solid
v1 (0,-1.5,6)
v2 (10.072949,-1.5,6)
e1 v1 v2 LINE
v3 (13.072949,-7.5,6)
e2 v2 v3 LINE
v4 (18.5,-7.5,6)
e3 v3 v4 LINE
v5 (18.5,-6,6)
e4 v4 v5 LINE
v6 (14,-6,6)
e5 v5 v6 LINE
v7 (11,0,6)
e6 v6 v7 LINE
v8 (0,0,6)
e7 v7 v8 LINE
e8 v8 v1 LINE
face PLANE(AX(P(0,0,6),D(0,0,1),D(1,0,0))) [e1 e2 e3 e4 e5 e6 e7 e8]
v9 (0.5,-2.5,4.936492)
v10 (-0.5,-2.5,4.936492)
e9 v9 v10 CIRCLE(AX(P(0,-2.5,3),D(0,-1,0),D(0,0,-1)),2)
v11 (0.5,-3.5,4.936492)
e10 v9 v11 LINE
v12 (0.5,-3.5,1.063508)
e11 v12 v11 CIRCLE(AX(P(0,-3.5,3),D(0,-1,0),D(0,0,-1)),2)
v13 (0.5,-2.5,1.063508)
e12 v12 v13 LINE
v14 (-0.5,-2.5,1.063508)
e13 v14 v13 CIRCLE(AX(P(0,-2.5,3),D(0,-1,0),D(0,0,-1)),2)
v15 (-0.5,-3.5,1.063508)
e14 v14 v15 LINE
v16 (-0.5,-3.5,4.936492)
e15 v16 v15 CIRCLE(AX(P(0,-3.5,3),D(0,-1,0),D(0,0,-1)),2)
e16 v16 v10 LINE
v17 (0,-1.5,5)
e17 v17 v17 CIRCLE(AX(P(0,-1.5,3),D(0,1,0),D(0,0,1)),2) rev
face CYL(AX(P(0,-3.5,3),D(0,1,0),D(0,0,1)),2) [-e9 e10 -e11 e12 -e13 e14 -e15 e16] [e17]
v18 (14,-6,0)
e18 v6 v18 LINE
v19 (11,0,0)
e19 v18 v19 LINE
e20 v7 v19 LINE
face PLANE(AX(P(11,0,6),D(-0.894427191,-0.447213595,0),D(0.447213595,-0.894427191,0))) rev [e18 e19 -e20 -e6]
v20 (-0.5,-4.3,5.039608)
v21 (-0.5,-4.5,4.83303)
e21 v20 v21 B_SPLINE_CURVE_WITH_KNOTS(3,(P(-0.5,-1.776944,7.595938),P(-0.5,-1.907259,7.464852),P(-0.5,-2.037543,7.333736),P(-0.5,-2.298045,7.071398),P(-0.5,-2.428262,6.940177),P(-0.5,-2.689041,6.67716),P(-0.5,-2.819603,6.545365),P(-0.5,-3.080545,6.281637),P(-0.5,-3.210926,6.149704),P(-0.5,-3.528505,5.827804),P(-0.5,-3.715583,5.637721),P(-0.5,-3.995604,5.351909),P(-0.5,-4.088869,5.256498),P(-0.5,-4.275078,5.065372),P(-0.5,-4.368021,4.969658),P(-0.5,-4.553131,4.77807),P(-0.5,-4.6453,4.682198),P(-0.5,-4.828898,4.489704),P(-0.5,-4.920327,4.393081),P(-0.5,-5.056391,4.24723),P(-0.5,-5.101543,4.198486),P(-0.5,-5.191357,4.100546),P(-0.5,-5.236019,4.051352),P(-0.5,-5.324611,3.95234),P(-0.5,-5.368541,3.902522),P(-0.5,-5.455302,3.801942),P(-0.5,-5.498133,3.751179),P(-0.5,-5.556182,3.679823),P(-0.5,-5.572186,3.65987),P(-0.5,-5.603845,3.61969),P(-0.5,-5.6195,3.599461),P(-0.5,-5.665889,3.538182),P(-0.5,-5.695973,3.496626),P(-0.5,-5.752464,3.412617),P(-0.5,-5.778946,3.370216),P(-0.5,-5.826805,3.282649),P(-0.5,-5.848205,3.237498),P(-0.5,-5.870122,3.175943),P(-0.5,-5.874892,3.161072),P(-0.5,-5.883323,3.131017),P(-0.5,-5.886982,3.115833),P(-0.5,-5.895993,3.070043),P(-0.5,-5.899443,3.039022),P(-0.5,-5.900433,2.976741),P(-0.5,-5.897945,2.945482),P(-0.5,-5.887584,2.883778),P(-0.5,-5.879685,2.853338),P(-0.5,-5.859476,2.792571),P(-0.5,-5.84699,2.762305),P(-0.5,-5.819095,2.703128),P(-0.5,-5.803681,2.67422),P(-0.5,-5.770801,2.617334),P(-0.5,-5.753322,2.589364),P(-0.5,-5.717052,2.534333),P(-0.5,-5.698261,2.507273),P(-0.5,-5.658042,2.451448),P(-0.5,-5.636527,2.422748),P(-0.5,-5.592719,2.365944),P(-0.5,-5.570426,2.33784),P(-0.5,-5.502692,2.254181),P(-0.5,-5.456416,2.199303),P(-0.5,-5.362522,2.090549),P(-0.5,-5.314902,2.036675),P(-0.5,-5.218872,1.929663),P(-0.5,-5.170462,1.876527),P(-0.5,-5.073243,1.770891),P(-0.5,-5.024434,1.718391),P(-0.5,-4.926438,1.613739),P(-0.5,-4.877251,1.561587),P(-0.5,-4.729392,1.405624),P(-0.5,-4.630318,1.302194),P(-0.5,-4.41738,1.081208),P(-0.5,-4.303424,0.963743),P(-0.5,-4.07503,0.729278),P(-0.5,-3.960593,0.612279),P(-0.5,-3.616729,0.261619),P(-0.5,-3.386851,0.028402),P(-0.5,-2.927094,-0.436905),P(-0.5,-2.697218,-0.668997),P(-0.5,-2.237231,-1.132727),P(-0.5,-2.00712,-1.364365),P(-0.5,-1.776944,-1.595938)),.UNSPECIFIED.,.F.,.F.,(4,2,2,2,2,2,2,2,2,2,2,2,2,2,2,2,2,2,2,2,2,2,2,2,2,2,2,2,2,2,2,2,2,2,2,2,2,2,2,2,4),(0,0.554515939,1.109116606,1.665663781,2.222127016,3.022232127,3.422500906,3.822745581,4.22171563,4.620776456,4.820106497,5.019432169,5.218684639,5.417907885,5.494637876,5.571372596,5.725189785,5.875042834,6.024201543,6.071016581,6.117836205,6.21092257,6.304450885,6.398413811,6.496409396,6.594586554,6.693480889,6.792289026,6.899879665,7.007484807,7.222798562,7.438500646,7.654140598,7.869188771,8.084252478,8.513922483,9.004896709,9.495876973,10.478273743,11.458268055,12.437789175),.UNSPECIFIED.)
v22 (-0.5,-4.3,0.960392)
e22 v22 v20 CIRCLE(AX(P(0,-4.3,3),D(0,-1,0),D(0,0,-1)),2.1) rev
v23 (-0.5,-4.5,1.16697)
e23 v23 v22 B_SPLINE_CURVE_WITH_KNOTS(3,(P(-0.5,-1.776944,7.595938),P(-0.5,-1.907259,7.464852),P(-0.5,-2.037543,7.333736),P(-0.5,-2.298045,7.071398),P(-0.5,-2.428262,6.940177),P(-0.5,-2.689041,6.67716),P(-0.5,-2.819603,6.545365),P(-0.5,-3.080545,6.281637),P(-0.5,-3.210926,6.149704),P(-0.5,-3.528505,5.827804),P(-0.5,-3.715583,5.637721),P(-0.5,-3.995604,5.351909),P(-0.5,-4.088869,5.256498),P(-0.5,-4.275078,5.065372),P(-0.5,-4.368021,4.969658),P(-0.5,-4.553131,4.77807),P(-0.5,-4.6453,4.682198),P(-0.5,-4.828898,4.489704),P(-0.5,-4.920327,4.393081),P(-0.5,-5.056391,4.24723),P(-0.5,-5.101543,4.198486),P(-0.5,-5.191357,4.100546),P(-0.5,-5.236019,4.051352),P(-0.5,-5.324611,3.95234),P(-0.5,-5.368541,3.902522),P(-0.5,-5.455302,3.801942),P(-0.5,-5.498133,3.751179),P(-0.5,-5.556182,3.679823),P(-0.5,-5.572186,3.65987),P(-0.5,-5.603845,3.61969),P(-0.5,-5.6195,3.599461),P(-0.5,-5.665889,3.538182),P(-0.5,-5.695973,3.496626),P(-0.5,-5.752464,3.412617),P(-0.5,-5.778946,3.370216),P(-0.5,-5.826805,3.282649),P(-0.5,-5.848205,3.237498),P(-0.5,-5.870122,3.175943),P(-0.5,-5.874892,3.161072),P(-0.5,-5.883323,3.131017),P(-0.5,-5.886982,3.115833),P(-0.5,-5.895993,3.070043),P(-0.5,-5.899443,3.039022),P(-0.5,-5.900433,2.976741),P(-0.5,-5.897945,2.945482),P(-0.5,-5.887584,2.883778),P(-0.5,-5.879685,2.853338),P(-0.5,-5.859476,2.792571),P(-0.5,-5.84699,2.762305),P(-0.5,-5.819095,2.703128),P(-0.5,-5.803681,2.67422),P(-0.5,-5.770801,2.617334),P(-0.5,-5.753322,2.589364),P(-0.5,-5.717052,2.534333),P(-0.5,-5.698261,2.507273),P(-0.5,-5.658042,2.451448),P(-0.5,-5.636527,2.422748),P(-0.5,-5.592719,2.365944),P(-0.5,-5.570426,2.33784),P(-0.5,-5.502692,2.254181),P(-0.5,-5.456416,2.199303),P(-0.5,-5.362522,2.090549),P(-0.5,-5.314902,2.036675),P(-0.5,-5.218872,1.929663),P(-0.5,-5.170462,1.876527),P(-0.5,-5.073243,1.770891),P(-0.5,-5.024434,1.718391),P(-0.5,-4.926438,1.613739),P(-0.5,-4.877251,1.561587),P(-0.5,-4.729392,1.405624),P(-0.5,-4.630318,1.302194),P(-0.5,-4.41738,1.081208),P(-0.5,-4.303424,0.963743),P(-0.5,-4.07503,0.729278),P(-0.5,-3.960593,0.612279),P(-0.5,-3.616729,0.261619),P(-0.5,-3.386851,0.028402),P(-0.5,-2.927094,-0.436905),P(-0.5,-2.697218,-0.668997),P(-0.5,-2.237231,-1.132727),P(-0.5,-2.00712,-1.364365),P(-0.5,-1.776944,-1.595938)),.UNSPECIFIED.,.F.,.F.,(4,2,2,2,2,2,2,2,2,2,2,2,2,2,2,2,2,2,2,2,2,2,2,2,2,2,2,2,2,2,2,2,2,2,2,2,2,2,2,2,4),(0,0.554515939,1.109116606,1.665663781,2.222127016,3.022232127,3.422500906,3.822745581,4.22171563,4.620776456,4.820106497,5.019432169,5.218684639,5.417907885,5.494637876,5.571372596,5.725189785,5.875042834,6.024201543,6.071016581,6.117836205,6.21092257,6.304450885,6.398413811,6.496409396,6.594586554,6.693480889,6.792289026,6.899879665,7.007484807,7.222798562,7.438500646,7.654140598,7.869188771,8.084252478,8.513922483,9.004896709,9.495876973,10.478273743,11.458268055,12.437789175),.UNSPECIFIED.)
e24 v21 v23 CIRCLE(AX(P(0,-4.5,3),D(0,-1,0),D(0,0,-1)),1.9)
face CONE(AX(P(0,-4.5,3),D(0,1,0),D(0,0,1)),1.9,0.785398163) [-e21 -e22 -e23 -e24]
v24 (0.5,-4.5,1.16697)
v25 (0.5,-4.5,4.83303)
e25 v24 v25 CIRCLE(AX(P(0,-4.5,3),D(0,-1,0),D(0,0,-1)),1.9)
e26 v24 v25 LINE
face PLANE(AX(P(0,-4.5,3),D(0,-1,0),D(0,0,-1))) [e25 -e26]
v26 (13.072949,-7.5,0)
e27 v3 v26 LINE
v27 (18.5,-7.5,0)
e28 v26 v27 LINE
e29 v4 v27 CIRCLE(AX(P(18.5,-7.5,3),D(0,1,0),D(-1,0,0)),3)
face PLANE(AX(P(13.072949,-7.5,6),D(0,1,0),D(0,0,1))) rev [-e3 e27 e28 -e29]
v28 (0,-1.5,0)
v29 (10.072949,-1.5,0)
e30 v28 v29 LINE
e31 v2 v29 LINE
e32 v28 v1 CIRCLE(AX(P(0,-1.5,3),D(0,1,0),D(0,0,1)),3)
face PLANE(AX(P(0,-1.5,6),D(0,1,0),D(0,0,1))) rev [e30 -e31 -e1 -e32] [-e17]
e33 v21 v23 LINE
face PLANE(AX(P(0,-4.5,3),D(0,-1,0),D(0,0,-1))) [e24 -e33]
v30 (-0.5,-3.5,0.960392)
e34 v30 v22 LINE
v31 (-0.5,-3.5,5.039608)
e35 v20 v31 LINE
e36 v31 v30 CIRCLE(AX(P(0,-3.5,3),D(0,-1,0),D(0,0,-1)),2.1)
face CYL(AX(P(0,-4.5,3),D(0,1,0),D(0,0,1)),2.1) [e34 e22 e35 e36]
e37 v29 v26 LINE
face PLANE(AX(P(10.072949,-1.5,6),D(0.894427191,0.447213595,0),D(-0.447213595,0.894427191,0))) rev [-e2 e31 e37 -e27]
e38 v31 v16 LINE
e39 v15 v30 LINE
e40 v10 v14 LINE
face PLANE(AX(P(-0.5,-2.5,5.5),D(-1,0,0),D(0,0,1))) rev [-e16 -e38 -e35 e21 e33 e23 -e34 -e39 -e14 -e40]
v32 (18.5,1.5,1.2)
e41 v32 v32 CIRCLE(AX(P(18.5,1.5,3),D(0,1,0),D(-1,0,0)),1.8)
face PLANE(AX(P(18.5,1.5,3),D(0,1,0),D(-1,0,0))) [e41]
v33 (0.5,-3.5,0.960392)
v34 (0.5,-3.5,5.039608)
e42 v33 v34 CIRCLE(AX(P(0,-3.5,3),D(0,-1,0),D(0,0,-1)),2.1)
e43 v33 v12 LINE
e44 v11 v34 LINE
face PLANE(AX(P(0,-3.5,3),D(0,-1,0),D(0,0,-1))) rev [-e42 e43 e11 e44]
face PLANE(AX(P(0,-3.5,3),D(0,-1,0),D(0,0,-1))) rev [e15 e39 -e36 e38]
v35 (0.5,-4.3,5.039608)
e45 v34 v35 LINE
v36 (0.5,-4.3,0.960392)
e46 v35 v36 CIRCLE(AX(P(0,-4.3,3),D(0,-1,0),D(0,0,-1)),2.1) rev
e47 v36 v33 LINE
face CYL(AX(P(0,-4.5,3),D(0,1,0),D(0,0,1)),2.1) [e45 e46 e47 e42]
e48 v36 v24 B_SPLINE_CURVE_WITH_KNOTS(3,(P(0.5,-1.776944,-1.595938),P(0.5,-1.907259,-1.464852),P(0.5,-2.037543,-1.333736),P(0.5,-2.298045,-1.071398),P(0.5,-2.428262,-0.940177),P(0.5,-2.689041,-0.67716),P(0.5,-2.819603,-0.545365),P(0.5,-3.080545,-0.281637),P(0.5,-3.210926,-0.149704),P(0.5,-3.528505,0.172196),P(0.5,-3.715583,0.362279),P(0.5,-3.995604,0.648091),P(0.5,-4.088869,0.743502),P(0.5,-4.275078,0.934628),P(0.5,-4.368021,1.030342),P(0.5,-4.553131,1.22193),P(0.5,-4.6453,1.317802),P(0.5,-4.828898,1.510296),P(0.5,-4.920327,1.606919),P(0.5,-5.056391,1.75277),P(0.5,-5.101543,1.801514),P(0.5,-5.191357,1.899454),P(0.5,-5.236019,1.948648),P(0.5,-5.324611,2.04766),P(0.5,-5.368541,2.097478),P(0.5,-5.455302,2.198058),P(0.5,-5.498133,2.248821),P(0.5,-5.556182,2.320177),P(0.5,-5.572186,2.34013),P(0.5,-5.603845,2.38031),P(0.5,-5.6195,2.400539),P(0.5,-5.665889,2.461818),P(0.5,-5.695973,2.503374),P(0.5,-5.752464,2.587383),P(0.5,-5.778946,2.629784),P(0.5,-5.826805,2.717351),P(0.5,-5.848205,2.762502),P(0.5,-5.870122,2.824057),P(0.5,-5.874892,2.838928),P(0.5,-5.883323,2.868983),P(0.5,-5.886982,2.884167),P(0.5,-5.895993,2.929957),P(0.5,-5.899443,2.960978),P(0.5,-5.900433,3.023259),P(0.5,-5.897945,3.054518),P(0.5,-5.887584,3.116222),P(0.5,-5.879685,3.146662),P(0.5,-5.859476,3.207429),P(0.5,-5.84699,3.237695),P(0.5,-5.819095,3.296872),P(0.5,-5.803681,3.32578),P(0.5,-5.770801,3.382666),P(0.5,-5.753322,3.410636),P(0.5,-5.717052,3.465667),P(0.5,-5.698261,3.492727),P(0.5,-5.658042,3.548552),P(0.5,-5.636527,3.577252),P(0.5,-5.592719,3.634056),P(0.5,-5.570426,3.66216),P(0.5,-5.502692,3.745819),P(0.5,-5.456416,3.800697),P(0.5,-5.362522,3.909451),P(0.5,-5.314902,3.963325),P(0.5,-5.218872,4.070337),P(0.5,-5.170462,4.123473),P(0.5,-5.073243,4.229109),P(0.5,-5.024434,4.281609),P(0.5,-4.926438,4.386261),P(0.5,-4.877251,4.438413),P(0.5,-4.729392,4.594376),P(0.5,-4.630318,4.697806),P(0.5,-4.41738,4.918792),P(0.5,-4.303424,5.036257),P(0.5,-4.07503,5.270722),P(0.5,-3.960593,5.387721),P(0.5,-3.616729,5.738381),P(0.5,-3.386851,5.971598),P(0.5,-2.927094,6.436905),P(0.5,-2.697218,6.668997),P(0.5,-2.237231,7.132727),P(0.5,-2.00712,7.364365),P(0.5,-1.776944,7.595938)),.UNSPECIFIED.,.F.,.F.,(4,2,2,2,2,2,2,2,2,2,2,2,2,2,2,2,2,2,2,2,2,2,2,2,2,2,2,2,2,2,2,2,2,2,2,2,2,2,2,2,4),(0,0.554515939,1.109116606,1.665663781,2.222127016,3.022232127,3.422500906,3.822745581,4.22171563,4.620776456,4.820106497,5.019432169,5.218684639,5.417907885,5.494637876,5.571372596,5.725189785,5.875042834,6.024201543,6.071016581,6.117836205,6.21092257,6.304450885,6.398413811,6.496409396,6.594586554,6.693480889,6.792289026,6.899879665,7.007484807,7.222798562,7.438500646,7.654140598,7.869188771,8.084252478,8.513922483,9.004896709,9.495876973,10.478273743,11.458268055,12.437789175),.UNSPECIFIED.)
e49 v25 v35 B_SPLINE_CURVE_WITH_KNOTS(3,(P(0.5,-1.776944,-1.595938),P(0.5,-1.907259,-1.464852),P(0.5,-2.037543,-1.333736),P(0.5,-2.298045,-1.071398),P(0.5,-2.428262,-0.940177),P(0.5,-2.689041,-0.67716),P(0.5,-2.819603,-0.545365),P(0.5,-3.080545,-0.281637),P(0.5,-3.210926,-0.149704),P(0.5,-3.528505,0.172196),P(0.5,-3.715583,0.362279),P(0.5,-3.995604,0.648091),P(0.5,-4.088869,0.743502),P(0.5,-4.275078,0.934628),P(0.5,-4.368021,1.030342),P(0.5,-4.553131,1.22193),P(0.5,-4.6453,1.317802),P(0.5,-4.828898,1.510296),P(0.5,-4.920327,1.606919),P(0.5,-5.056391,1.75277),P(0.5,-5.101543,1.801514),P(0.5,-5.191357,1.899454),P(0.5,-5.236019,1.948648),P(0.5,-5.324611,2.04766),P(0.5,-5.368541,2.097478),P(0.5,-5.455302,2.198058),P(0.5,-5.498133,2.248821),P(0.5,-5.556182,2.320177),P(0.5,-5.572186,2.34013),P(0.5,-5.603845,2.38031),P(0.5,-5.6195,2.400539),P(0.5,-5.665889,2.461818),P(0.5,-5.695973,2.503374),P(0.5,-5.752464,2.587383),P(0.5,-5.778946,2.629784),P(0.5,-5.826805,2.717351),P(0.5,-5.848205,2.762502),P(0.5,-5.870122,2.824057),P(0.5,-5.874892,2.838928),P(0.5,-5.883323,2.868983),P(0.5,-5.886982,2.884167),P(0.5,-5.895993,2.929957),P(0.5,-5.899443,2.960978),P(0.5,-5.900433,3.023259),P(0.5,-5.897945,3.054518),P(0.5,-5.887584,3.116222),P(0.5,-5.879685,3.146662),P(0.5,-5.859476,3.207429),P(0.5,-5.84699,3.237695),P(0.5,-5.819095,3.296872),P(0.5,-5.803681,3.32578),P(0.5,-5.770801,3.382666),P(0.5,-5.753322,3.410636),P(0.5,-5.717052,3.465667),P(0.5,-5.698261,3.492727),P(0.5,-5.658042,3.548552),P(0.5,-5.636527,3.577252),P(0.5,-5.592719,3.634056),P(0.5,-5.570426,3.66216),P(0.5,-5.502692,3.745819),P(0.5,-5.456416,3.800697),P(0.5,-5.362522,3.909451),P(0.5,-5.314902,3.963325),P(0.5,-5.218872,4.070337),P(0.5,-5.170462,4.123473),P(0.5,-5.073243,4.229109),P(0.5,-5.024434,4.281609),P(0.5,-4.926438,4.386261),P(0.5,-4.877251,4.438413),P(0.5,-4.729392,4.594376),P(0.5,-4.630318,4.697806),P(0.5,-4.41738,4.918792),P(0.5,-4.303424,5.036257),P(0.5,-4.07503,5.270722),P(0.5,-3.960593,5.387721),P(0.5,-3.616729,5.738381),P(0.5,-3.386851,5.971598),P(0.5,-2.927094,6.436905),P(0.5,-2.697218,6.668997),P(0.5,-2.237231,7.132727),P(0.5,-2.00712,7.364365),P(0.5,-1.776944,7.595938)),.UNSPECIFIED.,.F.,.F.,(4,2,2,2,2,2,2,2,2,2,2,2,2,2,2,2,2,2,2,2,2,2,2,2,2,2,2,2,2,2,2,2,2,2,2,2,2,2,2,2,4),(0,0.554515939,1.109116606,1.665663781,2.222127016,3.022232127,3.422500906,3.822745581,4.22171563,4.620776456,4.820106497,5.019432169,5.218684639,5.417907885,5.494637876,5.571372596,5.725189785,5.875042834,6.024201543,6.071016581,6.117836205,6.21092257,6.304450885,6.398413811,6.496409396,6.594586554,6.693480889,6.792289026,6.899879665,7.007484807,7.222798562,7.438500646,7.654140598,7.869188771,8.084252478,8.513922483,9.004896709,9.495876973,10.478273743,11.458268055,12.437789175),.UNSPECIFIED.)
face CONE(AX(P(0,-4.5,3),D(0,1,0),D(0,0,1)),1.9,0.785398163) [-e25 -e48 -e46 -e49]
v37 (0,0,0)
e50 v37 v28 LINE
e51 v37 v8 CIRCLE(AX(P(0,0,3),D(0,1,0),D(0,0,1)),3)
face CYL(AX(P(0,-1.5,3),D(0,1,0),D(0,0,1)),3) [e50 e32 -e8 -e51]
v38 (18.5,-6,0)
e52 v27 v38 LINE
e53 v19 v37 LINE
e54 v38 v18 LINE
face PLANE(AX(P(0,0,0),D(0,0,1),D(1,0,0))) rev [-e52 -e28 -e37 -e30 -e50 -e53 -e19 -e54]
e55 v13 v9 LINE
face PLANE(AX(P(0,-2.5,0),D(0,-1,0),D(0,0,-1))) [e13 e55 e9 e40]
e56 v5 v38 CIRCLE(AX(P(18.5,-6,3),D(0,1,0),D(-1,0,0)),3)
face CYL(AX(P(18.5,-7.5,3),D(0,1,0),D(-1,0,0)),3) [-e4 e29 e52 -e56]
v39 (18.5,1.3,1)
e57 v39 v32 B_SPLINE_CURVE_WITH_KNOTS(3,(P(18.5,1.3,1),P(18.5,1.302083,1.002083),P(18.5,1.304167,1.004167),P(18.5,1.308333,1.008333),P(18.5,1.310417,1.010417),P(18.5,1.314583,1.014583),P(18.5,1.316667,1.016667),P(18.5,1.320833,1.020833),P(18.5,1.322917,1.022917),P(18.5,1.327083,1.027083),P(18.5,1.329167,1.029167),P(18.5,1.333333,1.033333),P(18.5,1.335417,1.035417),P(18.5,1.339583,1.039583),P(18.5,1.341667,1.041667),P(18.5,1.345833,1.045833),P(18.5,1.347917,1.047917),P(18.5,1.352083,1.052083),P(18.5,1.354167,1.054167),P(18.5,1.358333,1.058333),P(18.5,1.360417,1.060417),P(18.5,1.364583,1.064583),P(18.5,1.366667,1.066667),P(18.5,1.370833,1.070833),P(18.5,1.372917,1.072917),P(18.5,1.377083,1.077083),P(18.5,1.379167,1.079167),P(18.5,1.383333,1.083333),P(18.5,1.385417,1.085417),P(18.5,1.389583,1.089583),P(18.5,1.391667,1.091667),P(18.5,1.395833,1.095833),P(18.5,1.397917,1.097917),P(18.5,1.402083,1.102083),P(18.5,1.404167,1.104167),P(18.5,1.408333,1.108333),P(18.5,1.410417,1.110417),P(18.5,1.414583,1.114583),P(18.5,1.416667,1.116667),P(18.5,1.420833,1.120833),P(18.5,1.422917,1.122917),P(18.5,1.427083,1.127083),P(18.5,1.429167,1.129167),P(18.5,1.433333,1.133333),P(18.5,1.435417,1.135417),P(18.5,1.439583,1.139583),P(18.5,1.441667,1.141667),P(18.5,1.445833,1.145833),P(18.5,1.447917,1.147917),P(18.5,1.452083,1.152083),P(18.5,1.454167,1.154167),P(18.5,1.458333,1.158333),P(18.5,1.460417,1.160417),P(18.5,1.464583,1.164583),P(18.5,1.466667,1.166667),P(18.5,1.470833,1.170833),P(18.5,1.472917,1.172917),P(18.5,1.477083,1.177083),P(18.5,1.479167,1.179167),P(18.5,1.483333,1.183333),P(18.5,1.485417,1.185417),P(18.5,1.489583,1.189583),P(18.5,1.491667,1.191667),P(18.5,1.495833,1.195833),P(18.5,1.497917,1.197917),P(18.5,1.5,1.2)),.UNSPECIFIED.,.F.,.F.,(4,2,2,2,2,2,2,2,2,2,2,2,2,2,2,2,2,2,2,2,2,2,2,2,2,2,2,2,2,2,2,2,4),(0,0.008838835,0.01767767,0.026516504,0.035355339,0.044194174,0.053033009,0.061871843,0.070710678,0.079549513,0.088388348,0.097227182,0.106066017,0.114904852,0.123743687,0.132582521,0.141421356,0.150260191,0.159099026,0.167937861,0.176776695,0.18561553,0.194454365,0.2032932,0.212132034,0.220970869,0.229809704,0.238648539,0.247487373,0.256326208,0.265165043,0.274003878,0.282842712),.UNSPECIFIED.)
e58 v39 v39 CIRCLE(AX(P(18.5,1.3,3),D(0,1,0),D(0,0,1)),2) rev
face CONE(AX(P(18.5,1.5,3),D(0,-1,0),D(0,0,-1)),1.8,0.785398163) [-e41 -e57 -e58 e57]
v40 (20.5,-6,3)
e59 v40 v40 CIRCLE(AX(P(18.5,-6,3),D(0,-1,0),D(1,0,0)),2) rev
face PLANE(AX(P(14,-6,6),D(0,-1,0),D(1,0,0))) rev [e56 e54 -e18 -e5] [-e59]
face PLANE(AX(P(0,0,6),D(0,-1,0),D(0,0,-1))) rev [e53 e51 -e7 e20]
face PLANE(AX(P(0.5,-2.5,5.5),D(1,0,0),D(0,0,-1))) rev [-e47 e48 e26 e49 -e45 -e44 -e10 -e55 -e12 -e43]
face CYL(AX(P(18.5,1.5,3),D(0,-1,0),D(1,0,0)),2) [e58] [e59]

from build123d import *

# Parameters (mm, degrees)
EXTRUDE_1_DEPTH     = 6
SKETCH_2_R          = 3
EXTRUDE_2_DEPTH     = 1.5
SKETCH_3_R          = 3
EXTRUDE_3_DEPTH     = 1.5
SKETCH_4_R          = 2
EXTRUDE_4_DEPTH     = 2
SKETCH_5_R          = 2.1
EXTRUDE_5_DEPTH     = 1
CHAMFER_1_SIZE      = 0.2
SKETCH_6_W          = 1
SKETCH_6_H          = 5
CUT_EXTRUDE_1_DEPTH = 2
SKETCH_7_R          = 2
EXTRUDE_6_DEPTH     = 7.5
CHAMFER_2_SIZE      = 0.2


with BuildPart() as part:
    # 草图1 → 凸台-拉伸1 (new body)
    with BuildSketch(Plane.XY):
        Polygon((0, 0), (11, 0), (14, -6), (18.5, -6), (18.5, -7.5), (13.072949017, -7.5), (10.072949017, -1.5), (0, -1.5), align=None)
    extrude(amount=EXTRUDE_1_DEPTH)

    # 草图2 → 凸台-拉伸2 (add)
    with BuildSketch(Plane(origin=(0, 0, 0), x_dir=(1, 0, 0), z_dir=(0, 1, 0))):
        with Locations((0, -3)):
            Circle(SKETCH_2_R)
    extrude(amount=-EXTRUDE_2_DEPTH)

    # 草图3 → 凸台-拉伸3 (add)
    with BuildSketch(Plane(origin=(0, -6, 0), x_dir=(1, 0, 0), z_dir=(0, 1, 0))):
        with Locations((18.5, -3)):
            Circle(SKETCH_3_R)
    extrude(amount=-EXTRUDE_3_DEPTH)

    # 草图4 → 凸台-拉伸4 (add)
    with BuildSketch(Plane.XZ.offset(1.5)):
        with Locations(Location((0, 3, 0), (0, 0, 90))):
            Circle(SKETCH_4_R)
    extrude(amount=EXTRUDE_4_DEPTH)

    # 草图5 → 凸台-拉伸5 (add)
    with BuildSketch(Plane.XZ.offset(3.5)):
        with Locations(Location((0, 3, 0), (0, 0, 270))):
            Circle(SKETCH_5_R)
    extrude(amount=EXTRUDE_5_DEPTH)

    # 倒角1
    chamfer_1_edges = [part.edges().sort_by_distance(p)[0] for p in [
        (0, -4.5, 5.1),
    ]]
    chamfer(chamfer_1_edges, length=CHAMFER_1_SIZE)

    # 草图6 → 切除-拉伸1 (cut)
    with BuildSketch(Plane.XZ.offset(4.5)):
        with Locations((0, 3)):
            Rectangle(SKETCH_6_W, SKETCH_6_H)
    extrude(amount=-CUT_EXTRUDE_1_DEPTH, mode=Mode.SUBTRACT)

    # 草图7 → 凸台-拉伸6 (add)
    with BuildSketch(Plane(origin=(0, -6, 0), x_dir=(1, 0, 0), z_dir=(0, 1, 0))):
        with Locations((18.5, -3)):
            Circle(SKETCH_7_R)
    extrude(amount=EXTRUDE_6_DEPTH)

    # 倒角2
    chamfer_2_edges = [part.edges().sort_by_distance(p)[0] for p in [
        (16.5, 1.5, 3),
    ]]
    chamfer(chamfer_2_edges, length=CHAMFER_2_SIZE)


solid = part.part
